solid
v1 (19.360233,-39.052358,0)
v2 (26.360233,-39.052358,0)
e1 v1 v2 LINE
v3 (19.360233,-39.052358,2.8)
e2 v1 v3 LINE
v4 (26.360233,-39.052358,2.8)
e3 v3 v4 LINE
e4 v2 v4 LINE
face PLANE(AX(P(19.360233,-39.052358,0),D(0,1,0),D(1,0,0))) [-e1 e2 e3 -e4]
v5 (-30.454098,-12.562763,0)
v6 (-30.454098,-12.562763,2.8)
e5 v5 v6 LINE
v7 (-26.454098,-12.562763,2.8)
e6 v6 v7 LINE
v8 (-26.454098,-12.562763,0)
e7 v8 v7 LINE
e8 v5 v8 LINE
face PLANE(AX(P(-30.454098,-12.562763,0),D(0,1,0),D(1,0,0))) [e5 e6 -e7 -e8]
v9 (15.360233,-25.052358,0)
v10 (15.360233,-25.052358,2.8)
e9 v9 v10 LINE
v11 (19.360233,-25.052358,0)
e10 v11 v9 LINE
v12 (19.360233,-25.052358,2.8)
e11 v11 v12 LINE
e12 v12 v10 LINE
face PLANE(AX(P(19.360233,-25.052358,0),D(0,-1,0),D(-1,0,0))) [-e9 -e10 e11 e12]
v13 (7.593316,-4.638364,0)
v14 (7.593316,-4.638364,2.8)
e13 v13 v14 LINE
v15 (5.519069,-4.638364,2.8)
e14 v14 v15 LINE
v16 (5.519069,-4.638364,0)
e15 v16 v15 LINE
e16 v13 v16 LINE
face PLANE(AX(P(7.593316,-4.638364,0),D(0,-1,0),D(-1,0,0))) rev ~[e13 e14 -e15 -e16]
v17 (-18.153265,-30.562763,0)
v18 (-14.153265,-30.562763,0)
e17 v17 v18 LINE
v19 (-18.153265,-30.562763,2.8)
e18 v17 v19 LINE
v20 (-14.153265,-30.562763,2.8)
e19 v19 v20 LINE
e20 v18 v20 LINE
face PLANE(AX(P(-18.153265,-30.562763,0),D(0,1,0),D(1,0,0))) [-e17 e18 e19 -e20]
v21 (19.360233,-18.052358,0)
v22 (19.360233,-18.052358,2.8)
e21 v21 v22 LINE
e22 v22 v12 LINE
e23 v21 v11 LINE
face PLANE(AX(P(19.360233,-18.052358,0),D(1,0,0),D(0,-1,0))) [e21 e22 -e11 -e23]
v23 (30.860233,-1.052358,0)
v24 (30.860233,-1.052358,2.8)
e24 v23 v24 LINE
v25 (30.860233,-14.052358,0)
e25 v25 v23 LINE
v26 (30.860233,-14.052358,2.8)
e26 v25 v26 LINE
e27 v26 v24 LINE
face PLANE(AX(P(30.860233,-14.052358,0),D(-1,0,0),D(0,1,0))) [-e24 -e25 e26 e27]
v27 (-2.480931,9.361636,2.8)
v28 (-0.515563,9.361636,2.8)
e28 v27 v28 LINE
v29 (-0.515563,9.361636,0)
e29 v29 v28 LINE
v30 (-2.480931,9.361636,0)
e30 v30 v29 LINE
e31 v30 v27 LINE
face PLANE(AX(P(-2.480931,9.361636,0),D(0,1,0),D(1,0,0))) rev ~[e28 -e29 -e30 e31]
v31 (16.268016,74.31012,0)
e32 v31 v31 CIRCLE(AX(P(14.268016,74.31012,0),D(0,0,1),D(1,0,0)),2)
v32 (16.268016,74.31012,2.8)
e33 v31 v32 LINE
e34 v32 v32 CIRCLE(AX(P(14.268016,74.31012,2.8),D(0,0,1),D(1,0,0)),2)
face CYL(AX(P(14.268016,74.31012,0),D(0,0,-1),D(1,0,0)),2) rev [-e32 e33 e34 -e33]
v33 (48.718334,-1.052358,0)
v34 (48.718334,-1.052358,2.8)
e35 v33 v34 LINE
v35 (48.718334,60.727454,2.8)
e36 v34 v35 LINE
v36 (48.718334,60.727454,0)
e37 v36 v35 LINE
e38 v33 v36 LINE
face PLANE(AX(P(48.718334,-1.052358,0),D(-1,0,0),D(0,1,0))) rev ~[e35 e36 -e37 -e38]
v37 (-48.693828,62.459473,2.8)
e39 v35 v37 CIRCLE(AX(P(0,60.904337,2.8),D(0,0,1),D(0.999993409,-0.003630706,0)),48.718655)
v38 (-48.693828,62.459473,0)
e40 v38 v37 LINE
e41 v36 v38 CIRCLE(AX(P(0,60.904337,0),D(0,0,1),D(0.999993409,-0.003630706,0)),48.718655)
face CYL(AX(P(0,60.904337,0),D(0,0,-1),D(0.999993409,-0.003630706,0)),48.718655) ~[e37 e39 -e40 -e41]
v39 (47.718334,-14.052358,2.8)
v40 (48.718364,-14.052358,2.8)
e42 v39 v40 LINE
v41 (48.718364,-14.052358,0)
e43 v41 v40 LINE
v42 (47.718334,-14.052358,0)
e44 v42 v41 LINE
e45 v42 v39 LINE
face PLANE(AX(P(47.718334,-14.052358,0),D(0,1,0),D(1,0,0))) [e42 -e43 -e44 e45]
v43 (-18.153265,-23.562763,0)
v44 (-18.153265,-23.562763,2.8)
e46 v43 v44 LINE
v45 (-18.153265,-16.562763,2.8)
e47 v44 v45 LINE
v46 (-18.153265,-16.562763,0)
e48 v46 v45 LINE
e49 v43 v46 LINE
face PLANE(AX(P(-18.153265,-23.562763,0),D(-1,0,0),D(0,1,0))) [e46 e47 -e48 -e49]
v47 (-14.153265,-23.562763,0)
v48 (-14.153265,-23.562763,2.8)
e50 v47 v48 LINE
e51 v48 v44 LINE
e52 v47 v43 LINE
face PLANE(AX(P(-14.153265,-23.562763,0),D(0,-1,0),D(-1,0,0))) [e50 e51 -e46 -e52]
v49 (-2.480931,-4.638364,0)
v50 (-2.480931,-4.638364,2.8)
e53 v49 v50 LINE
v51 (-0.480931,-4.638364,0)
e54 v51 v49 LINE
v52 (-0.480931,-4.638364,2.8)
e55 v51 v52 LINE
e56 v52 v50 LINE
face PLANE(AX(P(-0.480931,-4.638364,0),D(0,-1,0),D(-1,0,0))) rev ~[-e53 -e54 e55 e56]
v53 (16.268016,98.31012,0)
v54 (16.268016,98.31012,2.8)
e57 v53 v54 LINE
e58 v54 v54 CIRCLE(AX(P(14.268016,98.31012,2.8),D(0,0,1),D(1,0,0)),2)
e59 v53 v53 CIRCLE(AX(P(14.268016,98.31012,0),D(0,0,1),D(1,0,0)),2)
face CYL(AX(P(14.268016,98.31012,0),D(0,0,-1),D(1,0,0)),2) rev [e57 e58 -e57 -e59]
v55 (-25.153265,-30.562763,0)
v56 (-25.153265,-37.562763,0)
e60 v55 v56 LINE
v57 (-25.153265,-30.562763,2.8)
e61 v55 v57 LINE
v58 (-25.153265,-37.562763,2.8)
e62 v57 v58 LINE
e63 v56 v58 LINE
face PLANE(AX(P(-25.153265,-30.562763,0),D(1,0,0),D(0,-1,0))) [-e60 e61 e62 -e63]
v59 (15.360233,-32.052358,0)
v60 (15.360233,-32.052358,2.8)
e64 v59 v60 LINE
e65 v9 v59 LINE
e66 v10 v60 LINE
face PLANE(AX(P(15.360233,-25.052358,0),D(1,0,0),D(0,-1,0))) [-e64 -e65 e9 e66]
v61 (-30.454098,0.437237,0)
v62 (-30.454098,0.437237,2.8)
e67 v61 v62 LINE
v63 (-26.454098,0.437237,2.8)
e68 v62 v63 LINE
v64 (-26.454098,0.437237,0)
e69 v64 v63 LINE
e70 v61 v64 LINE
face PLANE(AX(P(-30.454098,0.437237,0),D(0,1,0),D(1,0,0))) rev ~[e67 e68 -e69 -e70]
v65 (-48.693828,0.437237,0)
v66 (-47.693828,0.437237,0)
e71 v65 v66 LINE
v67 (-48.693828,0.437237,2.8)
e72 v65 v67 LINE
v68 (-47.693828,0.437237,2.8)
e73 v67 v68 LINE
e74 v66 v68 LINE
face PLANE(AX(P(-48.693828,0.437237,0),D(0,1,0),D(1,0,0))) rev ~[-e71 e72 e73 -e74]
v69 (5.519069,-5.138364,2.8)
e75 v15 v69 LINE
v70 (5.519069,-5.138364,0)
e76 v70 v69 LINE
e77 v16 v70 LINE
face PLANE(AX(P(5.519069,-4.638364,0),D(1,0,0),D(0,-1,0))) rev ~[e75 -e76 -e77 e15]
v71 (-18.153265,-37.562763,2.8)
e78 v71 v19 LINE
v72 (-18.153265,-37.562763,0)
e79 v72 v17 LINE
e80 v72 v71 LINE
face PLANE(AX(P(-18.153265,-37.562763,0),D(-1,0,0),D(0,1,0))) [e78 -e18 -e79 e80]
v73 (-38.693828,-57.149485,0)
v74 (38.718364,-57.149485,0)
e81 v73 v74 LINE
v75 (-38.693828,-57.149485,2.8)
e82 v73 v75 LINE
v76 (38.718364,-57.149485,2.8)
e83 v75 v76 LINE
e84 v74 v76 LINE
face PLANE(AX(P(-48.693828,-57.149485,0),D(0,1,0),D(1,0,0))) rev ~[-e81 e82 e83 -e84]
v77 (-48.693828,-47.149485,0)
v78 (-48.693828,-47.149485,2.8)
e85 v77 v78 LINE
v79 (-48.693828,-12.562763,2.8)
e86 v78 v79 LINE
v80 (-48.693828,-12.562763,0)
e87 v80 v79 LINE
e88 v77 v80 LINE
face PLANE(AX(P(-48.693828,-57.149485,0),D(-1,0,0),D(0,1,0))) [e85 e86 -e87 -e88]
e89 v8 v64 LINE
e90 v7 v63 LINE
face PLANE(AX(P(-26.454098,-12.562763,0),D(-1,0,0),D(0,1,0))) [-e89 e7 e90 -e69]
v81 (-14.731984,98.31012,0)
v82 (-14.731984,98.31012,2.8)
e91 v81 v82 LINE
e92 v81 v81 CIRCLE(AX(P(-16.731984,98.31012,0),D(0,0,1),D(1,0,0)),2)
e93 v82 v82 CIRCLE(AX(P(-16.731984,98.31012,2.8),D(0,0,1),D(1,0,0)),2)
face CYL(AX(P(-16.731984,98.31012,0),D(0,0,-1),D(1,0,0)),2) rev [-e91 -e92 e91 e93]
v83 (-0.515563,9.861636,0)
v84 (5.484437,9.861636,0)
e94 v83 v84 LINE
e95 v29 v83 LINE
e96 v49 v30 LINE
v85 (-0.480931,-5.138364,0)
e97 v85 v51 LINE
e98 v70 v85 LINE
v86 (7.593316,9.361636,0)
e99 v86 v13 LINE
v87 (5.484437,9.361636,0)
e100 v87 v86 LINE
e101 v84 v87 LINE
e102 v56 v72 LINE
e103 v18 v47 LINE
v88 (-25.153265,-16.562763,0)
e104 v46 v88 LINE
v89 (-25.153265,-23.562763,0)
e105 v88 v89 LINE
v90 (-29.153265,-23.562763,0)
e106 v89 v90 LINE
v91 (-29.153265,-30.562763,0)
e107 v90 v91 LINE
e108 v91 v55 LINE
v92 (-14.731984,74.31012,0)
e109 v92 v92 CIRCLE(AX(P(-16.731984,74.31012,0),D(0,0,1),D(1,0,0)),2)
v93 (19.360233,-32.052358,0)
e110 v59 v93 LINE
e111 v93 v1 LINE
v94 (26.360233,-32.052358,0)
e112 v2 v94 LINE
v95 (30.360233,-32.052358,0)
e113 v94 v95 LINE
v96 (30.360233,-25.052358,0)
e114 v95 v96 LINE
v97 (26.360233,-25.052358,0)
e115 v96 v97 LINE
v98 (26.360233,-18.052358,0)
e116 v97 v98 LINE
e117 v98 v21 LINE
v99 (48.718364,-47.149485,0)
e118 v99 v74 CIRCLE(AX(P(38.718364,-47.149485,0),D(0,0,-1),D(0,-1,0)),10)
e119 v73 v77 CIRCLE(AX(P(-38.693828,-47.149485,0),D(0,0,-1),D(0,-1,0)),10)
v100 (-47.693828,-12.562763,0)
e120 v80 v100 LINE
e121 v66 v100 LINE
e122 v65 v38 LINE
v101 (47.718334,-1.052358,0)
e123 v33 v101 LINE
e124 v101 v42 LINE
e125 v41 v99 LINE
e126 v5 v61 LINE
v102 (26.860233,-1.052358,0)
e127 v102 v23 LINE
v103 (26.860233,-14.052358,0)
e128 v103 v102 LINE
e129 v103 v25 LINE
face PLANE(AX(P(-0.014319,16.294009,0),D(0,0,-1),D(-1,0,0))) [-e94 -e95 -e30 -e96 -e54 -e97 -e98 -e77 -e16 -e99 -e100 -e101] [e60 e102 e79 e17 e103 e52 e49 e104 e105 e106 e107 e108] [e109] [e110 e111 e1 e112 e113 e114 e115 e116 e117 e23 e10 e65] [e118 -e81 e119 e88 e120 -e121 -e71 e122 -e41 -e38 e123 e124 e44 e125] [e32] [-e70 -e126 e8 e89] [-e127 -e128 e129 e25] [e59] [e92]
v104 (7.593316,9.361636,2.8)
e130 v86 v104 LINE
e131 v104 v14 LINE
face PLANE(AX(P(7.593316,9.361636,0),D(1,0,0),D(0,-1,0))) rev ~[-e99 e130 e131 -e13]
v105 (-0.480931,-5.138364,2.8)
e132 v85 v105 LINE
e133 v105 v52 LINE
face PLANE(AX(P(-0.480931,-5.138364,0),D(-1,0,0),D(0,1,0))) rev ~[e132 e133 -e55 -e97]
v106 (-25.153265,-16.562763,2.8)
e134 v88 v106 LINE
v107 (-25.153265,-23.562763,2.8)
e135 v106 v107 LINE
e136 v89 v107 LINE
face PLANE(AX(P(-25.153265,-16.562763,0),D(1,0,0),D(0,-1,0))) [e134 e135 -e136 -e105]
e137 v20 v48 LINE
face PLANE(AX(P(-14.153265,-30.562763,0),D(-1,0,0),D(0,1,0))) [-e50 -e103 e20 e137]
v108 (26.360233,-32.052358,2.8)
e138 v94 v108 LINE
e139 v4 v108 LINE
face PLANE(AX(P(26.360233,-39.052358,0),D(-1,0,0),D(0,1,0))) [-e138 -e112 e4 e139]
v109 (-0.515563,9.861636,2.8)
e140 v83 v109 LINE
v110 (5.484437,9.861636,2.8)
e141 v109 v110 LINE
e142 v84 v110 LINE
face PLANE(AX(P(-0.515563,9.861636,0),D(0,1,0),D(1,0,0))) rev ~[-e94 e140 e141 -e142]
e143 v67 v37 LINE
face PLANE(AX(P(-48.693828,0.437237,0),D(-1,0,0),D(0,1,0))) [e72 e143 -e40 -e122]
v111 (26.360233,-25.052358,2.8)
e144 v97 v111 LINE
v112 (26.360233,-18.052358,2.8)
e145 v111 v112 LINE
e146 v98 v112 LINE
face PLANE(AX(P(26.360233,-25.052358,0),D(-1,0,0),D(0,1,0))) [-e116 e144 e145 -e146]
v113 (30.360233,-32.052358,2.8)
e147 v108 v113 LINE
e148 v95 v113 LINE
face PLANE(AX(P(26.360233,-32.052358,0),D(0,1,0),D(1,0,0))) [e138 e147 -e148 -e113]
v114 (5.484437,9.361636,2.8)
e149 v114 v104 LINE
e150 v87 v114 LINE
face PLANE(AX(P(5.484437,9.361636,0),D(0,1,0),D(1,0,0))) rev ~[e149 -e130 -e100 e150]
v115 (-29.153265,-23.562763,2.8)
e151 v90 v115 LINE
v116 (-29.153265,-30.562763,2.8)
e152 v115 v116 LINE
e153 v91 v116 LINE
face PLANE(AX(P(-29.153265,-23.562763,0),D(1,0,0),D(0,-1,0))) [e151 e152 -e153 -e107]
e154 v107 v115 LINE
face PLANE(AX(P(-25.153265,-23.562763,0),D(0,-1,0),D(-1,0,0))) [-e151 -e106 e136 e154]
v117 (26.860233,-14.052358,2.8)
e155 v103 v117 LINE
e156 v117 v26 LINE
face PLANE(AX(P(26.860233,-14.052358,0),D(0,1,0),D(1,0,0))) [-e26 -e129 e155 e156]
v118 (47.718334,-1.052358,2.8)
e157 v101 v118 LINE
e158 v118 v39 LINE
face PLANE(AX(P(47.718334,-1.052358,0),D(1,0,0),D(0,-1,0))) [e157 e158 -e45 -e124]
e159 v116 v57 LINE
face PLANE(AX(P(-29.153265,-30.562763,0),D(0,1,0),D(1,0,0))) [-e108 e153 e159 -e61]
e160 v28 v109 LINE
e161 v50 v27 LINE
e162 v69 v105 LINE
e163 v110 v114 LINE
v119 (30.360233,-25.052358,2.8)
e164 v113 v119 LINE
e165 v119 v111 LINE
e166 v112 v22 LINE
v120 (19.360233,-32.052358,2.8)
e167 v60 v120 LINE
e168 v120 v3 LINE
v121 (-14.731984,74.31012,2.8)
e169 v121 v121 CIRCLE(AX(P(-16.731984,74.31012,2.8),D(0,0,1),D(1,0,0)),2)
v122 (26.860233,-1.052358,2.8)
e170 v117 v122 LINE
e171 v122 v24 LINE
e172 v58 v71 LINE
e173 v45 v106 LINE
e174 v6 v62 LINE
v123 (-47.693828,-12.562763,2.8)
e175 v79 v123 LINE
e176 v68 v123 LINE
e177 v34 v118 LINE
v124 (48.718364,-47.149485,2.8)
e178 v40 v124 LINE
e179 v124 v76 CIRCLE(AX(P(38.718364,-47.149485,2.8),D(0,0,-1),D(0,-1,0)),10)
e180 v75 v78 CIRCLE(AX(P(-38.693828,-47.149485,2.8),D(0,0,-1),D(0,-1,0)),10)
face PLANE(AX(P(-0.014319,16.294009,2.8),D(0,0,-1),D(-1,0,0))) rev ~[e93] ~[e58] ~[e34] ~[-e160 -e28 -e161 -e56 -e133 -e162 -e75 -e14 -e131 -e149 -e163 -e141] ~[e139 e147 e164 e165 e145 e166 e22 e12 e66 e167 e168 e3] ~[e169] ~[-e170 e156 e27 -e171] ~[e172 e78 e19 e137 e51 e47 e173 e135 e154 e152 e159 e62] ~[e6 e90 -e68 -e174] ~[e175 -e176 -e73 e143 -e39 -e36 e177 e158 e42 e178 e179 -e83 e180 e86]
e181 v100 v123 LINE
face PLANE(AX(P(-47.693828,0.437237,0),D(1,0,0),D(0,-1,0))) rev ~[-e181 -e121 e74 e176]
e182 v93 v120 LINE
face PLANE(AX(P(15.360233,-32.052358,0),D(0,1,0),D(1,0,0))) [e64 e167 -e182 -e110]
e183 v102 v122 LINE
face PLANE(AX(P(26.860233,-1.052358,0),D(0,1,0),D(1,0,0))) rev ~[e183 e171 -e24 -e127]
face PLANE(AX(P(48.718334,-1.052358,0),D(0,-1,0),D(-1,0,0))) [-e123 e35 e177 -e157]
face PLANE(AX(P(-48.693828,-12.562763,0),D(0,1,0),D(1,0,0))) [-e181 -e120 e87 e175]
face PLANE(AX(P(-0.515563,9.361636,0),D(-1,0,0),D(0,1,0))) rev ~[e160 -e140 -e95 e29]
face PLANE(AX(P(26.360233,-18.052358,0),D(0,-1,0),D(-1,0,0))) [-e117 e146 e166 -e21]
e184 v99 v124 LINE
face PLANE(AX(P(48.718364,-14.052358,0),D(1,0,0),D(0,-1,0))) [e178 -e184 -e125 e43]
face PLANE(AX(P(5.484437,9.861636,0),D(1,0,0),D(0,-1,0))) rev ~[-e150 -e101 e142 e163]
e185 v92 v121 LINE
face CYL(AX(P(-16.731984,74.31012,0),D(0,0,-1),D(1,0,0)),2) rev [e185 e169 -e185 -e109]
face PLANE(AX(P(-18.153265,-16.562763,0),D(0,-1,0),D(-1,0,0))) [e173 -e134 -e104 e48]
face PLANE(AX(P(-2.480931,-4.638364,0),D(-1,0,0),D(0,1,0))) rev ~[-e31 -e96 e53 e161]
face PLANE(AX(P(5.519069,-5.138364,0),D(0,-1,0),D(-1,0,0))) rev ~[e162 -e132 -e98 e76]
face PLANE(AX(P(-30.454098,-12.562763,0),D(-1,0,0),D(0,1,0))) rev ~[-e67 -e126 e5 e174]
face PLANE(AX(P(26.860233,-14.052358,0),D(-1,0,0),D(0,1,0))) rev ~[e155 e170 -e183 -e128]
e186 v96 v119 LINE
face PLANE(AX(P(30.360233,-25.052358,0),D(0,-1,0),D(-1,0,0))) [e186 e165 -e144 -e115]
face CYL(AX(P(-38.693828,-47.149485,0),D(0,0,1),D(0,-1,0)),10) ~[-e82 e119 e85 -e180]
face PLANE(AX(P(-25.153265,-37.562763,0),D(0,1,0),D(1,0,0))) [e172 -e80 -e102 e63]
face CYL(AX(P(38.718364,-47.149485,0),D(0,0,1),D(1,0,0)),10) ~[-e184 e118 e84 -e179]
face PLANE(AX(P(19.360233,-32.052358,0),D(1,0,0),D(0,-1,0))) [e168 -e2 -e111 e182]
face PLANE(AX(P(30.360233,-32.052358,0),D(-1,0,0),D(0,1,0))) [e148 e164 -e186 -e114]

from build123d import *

# Parameters (mm, degrees)
SKETCH001_R = 2
SKETCH001_W = 4
SKETCH001_H = 13
PAD_DEPTH   = 2.8
FILLET_R    = 10
FILLET001_R = 10


with BuildPart() as part:
    # Sketch001 → Pad (new body)
    with BuildSketch(Plane.XY):
        with BuildLine():
            Line((48.718334, -1.052358), (47.718334, -1.052358))
            Line((47.718334, -1.052358), (47.718334, -14.052358))
            Line((47.718334, -14.052358), (48.718364, -14.052358))
            Line((48.718364, -14.052358), (48.718364, -57.149485))
            Line((-48.693828, -57.149485), (48.718364, -57.149485))
            Line((-48.693828, -57.149485), (-48.693828, -12.562763))
            Line((-48.693828, -12.562763), (-47.693828, -12.562763))
            Line((-47.693828, 0.437237), (-47.693828, -12.562763))
            Line((-48.693828, 0.437237), (-47.693828, 0.437237))
            Line((-48.693828, 0.437237), (-48.693828, 62.459473))
            ThreePointArc((48.718334, 60.727454), (0.866096, 109.615293), (-48.693828, 62.459473))
            Line((48.718334, -1.052358), (48.718334, 60.727454))
        make_face()
        with Locations((-16.731984, 74.31012)):
            Circle(SKETCH001_R, mode=Mode.SUBTRACT)
        with Locations((14.268016, 74.31012)):
            Circle(SKETCH001_R, mode=Mode.SUBTRACT)
        with Locations((-16.731984, 98.31012)):
            Circle(SKETCH001_R, mode=Mode.SUBTRACT)
        with Locations((14.268016, 98.31012)):
            Circle(SKETCH001_R, mode=Mode.SUBTRACT)
        with Locations((28.860233, -7.552358)):
            Rectangle(SKETCH001_W, SKETCH001_H, mode=Mode.SUBTRACT)
        with Locations((-28.454098, -6.062763)):
            Rectangle(SKETCH001_W, SKETCH001_H, mode=Mode.SUBTRACT)
        Polygon((7.593316, 9.361636), (7.593316, -4.638364), (5.519069, -4.638364), (5.519069, -5.138364), (-0.480931, -5.138364), (-0.480931, -4.638364), (-2.480931, -4.638364), (-2.480931, 9.361636), (-0.515563, 9.361636), (-0.515563, 9.861636), (5.484437, 9.861636), (5.484437, 9.361636), align=None, mode=Mode.SUBTRACT)
        Polygon((26.360233, -18.052358), (19.360233, -18.052358), (19.360233, -25.052358), (15.360233, -25.052358), (15.360233, -32.052358), (19.360233, -32.052358), (19.360233, -39.052358), (26.360233, -39.052358), (26.360233, -32.052358), (30.360233, -32.052358), (30.360233, -25.052358), (26.360233, -25.052358), align=None, mode=Mode.SUBTRACT)
        Polygon((-25.153265, -16.562763), (-25.153265, -23.562763), (-29.153265, -23.562763), (-29.153265, -30.562763), (-25.153265, -30.562763), (-25.153265, -37.562763), (-18.153265, -37.562763), (-18.153265, -30.562763), (-14.153265, -30.562763), (-14.153265, -23.562763), (-18.153265, -23.562763), (-18.153265, -16.562763), align=None, mode=Mode.SUBTRACT)
    extrude(amount=PAD_DEPTH)

    # Fillet
    fillet_edges = [part.edges().sort_by_distance(p)[0] for p in [
        (48.718364, -57.149485, 1.4),
    ]]
    fillet(fillet_edges, radius=FILLET_R)

    # Fillet001
    fillet001_edges = [part.edges().sort_by_distance(p)[0] for p in [
        (-48.693828, -57.149485, 1.4),
    ]]
    fillet(fillet001_edges, radius=FILLET001_R)


solid = part.part
